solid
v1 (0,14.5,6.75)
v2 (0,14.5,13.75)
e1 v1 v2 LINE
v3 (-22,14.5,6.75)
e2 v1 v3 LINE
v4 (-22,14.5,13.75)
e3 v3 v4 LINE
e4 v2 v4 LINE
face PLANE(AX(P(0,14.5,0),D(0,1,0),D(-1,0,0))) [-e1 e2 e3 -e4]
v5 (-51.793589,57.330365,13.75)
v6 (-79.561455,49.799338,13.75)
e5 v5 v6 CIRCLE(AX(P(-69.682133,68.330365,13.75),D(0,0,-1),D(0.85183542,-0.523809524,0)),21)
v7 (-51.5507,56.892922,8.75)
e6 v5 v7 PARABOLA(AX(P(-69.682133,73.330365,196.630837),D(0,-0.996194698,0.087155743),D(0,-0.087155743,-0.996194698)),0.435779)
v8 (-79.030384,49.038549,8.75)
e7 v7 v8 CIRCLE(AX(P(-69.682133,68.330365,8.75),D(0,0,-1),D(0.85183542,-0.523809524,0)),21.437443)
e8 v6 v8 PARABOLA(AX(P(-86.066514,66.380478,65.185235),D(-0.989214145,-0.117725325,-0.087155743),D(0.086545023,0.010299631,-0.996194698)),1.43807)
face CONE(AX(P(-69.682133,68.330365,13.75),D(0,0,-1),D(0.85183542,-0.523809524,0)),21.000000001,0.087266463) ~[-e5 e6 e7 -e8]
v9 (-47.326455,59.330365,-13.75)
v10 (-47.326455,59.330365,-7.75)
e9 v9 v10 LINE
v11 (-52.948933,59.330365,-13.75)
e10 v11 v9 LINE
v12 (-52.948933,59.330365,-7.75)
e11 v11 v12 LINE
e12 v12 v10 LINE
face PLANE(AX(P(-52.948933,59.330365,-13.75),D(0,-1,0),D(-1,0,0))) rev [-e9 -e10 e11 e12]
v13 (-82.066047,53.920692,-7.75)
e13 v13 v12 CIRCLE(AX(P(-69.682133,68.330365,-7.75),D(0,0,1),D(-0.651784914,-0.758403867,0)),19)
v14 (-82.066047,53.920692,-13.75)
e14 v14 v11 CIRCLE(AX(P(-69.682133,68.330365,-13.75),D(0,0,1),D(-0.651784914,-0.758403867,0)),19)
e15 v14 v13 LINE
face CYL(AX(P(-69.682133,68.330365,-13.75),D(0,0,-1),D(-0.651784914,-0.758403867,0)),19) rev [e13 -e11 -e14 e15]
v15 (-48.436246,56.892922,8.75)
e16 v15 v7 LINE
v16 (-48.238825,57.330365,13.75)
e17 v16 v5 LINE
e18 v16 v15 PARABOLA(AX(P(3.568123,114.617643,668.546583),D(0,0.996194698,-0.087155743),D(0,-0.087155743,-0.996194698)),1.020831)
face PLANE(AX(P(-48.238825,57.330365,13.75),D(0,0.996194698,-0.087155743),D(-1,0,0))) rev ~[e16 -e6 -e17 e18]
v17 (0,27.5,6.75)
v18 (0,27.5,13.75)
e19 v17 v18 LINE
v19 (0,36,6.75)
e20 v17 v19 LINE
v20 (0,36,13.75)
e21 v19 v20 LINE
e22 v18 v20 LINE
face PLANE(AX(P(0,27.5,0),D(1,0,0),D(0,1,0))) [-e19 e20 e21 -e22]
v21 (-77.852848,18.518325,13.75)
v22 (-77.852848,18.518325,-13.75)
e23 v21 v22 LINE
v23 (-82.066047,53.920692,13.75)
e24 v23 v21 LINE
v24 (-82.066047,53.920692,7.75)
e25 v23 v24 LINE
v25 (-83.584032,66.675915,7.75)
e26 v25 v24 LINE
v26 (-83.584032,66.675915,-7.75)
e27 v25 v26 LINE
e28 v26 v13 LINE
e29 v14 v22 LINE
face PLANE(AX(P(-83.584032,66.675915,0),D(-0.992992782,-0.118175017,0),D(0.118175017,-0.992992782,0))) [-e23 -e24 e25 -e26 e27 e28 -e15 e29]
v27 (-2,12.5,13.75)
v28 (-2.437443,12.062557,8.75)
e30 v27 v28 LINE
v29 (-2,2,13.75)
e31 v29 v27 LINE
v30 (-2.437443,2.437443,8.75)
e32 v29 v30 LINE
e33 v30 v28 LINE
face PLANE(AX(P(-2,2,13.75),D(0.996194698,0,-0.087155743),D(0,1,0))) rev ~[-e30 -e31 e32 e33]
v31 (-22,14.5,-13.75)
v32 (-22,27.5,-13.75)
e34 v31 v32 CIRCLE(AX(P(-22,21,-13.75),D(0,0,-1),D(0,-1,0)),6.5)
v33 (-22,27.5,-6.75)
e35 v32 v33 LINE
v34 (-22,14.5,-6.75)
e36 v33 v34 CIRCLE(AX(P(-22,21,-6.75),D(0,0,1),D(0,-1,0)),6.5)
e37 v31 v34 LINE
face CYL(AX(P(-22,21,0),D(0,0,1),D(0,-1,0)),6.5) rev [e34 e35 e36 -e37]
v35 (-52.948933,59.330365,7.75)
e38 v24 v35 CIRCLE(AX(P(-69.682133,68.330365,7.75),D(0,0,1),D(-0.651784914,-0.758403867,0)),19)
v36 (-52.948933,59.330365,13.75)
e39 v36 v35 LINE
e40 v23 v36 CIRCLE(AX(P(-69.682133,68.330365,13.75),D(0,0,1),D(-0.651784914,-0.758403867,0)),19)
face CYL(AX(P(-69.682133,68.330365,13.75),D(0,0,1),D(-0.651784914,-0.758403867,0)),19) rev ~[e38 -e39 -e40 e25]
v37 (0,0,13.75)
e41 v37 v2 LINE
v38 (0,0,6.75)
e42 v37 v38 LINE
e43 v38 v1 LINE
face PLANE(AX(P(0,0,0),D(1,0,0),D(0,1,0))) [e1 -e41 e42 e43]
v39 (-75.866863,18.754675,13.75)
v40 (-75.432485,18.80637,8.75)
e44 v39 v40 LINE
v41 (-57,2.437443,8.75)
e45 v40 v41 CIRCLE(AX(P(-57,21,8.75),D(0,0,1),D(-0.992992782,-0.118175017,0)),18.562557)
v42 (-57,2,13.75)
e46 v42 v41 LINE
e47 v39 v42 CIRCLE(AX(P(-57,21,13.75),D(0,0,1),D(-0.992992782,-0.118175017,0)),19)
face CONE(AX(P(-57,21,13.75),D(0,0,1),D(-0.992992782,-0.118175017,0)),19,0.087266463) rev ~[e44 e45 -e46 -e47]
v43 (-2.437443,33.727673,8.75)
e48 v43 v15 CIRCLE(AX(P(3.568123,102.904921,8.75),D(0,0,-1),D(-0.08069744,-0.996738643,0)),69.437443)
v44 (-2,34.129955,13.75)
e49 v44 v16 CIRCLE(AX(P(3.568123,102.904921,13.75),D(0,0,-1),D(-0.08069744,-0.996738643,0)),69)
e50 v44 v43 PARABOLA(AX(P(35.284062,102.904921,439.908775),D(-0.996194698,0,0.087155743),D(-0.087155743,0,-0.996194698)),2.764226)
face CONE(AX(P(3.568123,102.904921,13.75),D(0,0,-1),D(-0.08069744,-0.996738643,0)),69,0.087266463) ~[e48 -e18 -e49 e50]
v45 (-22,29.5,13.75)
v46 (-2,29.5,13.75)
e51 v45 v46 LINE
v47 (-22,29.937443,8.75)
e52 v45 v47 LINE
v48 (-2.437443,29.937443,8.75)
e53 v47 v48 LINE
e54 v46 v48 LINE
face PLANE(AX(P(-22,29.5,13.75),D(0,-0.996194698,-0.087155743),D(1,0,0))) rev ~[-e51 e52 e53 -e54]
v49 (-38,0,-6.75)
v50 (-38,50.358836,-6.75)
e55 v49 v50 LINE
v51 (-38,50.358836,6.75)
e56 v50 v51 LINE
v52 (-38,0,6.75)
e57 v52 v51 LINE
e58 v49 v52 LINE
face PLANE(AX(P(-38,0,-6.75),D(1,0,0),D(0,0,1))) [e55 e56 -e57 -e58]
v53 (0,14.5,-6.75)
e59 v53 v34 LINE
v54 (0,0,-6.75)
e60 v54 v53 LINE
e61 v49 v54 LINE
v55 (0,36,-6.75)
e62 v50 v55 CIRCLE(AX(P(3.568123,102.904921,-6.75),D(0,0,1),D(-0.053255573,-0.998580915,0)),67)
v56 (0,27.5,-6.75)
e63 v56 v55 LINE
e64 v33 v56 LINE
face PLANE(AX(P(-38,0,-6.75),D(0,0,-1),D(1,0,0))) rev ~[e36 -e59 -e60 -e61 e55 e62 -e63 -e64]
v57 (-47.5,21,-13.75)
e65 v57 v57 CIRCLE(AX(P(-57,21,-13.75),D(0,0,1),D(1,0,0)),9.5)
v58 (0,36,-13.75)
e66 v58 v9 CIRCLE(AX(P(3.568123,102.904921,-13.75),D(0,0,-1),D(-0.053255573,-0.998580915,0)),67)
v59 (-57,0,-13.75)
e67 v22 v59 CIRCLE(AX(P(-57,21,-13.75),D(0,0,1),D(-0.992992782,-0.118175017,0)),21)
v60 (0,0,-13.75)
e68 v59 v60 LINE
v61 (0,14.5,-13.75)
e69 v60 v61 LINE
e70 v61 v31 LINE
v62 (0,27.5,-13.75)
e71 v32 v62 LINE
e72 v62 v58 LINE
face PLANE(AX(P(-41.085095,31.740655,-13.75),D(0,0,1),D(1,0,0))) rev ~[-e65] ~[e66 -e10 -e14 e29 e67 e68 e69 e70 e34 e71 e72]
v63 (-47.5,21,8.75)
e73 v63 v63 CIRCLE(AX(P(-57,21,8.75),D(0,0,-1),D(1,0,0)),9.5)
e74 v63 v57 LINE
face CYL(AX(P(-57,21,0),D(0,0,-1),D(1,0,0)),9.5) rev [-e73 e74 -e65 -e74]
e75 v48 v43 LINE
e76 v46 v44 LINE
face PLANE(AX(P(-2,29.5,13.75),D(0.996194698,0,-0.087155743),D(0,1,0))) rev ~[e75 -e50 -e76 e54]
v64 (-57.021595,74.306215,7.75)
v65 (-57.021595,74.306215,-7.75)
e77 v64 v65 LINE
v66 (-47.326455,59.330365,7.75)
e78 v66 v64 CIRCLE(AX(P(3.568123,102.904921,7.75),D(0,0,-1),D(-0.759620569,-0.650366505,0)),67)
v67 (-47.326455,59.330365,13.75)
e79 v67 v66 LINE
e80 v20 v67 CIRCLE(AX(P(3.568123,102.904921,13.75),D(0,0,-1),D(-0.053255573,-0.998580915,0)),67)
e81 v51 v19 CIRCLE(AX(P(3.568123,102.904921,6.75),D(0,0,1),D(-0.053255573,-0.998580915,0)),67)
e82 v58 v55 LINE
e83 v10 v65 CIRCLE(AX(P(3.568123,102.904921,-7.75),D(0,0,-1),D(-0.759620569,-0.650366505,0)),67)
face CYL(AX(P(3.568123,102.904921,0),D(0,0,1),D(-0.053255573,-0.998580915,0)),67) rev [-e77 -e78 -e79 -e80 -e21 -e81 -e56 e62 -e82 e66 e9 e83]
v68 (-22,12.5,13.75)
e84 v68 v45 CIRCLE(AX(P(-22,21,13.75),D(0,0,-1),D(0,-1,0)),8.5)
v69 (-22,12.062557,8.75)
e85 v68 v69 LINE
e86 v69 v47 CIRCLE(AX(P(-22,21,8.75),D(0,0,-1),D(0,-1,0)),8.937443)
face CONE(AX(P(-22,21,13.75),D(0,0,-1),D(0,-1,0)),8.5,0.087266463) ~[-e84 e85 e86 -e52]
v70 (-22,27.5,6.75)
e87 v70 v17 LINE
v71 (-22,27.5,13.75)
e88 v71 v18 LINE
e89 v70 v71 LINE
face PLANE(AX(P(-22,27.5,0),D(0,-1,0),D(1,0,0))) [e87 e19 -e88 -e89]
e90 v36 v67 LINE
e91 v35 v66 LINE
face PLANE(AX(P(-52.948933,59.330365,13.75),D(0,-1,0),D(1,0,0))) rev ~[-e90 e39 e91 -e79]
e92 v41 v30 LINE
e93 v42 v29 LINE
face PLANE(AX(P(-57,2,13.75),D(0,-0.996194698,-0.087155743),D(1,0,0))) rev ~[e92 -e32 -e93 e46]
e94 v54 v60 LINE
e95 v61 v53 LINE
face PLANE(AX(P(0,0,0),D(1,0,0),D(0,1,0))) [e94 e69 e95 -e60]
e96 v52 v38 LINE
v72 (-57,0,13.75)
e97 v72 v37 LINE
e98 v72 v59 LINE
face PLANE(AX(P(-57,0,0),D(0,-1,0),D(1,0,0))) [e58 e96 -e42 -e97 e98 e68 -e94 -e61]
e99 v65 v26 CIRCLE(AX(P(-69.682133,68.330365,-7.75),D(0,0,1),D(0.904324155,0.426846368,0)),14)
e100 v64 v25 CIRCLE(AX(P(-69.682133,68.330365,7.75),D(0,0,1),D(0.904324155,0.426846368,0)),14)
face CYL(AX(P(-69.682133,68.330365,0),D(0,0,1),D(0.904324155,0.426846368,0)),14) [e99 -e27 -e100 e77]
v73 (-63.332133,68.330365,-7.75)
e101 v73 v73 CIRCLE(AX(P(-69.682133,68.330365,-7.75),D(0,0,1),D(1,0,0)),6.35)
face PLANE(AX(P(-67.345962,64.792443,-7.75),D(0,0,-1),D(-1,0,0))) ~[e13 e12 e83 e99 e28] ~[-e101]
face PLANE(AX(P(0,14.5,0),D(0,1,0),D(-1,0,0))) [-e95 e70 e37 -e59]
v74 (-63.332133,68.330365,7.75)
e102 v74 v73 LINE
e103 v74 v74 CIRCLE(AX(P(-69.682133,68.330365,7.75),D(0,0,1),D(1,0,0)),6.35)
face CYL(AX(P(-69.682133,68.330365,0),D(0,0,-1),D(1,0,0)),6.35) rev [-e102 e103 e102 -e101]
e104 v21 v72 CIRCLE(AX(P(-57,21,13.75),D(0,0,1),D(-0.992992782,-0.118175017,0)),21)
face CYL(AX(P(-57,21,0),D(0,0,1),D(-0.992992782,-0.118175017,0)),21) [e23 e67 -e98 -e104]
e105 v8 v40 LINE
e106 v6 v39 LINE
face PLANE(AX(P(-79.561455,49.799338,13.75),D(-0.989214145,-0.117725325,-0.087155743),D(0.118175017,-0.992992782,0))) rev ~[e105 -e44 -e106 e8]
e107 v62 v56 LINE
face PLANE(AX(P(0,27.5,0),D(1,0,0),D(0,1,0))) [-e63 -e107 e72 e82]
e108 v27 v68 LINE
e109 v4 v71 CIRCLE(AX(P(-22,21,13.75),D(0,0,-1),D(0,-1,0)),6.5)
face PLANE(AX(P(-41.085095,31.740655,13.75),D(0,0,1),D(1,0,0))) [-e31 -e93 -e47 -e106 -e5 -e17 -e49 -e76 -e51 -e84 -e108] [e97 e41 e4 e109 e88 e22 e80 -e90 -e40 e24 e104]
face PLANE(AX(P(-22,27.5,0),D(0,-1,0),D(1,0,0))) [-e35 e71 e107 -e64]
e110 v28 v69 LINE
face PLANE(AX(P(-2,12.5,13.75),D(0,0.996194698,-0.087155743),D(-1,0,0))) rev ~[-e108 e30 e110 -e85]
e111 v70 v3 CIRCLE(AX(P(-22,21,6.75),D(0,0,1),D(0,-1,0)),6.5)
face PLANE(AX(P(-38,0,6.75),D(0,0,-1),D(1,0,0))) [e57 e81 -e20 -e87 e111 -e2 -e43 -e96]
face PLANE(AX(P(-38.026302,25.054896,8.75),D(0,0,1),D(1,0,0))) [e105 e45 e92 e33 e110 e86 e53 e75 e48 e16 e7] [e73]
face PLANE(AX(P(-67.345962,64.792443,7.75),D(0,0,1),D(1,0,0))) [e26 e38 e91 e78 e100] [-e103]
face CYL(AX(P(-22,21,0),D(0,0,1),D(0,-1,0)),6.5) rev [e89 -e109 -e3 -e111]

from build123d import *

# Parameters (mm, degrees)
SKETCH1_R           = 6.35
SKETCH1_R_2         = 9.5
BOSS_EXTRUDE1_DEPTH = 13.75
SKETCH3_R           = 6.35
CUT_EXTRUDE1_DEPTH  = 6
SKETCH4_W           = 38
SKETCH4_H           = 13.5
CUT_EXTRUDE2_DEPTH  = 83.330365488
CUT_EXTRUDE3_DEPTH  = 5
CUT_EXTRUDE3_DRAFT  = -5


with BuildPart() as part:
    # Sketch1 → Boss-Extrude1 (new body, symmetric)
    with BuildSketch(Plane.XY):
        with BuildLine():
            Line((0, 0), (0, 14.5))
            Line((0, 14.5), (-22, 14.5))
            ThreePointArc((-22, 14.5), (-28.5, 21), (-22, 27.5))
            Line((-22, 27.5), (0, 27.5))
            Line((0, 27.5), (0, 36))
            ThreePointArc((0, 36), (-33.793604177, 47.289264213), (-57.021595035, 74.306214643))
            ThreePointArc((-57.021595035, 74.306214643), (-73.547441909, 81.786196516), (-83.58403216, 66.675915252))
            Line((-83.58403216, 66.675915252), (-77.852848425, 18.518324646))
            ThreePointArc((-77.852848425, 18.518324646), (-70.944260783, 5.297847561), (-57, 0))
            Line((-57, 0), (0, 0))
        make_face()
        with Locations((-69.68213321, 68.330365488)):
            Circle(SKETCH1_R, mode=Mode.SUBTRACT)
        with Locations((-57, 21)):
            Circle(SKETCH1_R_2, mode=Mode.SUBTRACT)
    extrude(amount=BOSS_EXTRUDE1_DEPTH, both=True)

    # Sketch3 → Cut-Extrude1 (cut)
    with BuildSketch(Plane.XY.offset(13.75)):
        with BuildLine():
            ThreePointArc((-57.021595035, 74.306214643), (-73.547441909, 81.786196516), (-83.58403216, 66.675915252))
            Line((-83.58403216, 66.675915252), (-82.066046583, 53.920692017))
            ThreePointArc((-82.066046583, 53.920692017), (-66.211511297, 49.650034026), (-52.948932679, 59.330365488))
            Line((-52.948932679, 59.330365488), (-47.326454774, 59.330365488))
            ThreePointArc((-47.326454774, 59.330365488), (-52.674708251, 66.494155172), (-57.021595035, 74.306214643))
        make_face()
        with Locations((-69.68213321, 68.330365488)):
            Circle(SKETCH3_R, mode=Mode.SUBTRACT)
    cut_extrude1 = extrude(amount=-CUT_EXTRUDE1_DEPTH, mode=Mode.SUBTRACT)

    # Mirror1: Cut-Extrude1 across plane
    add(cut_extrude1.mirror(Plane.XY), mode=Mode.SUBTRACT)

    # Sketch4 → Cut-Extrude2 (cut, through all)
    with BuildSketch(Plane.XZ):
        with Locations((-19, 0)):
            Rectangle(SKETCH4_W, SKETCH4_H)
    extrude(amount=-CUT_EXTRUDE2_DEPTH, mode=Mode.SUBTRACT)


with BuildPart() as cut_extrude3_tool:
    # Sketch5 → Cut-Extrude3 (with draft: the straight prism first)
    with BuildSketch(Plane.XY.offset(13.75)):
        with BuildLine():
            ThreePointArc((-51.79358939, 57.330365488), (-64.185224634, 48.062558599), (-79.561455233, 49.799337552))
            Line((-79.561455233, 49.799337552), (-75.866862861, 18.75467468))
            ThreePointArc((-75.866862861, 18.75467468), (-69.616235946, 6.79329065), (-57, 2))
            Line((-57, 2), (-2, 2))
            Line((-2, 2), (-2, 12.5))
            Line((-2, 12.5), (-22, 12.5))
            ThreePointArc((-22, 12.5), (-30.5, 21), (-22, 29.5))
            Line((-22, 29.5), (-2, 29.5))
            Line((-2, 29.5), (-2, 34.12995492))
            ThreePointArc((-2, 34.12995492), (-27.376011233, 41.232719036), (-48.238824631, 57.330365488))
            Line((-48.238824631, 57.330365488), (-51.79358939, 57.330365488))
        make_face()
    extrude(amount=-CUT_EXTRUDE3_DEPTH)
    # Cut-Extrude3: the draft: its side faces are tilted about the plane it starts from
    cut_extrude3_sides = [cut_extrude3_tool.faces().sort_by_distance(p)[0] for p in [
        (-50.01620701, 57.330365488, 11.25),
        (-64.185224634, 48.062558599, 11.25),
        (-77.714159047, 34.277006116, 11.25),
        (-69.616235946, 6.79329065, 11.25),
        (-29.5, 2, 11.25),
        (-2, 7.25, 11.25),
        (-12, 12.5, 11.25),
        (-30.5, 21, 11.25),
        (-12, 29.5, 11.25),
        (-2, 31.81497746, 11.25),
        (-27.376011233, 41.232719036, 11.25),
    ]]
    draft(cut_extrude3_sides, Plane.XY.offset(13.75), CUT_EXTRUDE3_DRAFT)


with BuildPart() as part_1:
    add(part.part)

    # Cut-Extrude3: cut by cut_extrude3_tool
    add(cut_extrude3_tool.part, mode=Mode.SUBTRACT)


solid = part_1.part
